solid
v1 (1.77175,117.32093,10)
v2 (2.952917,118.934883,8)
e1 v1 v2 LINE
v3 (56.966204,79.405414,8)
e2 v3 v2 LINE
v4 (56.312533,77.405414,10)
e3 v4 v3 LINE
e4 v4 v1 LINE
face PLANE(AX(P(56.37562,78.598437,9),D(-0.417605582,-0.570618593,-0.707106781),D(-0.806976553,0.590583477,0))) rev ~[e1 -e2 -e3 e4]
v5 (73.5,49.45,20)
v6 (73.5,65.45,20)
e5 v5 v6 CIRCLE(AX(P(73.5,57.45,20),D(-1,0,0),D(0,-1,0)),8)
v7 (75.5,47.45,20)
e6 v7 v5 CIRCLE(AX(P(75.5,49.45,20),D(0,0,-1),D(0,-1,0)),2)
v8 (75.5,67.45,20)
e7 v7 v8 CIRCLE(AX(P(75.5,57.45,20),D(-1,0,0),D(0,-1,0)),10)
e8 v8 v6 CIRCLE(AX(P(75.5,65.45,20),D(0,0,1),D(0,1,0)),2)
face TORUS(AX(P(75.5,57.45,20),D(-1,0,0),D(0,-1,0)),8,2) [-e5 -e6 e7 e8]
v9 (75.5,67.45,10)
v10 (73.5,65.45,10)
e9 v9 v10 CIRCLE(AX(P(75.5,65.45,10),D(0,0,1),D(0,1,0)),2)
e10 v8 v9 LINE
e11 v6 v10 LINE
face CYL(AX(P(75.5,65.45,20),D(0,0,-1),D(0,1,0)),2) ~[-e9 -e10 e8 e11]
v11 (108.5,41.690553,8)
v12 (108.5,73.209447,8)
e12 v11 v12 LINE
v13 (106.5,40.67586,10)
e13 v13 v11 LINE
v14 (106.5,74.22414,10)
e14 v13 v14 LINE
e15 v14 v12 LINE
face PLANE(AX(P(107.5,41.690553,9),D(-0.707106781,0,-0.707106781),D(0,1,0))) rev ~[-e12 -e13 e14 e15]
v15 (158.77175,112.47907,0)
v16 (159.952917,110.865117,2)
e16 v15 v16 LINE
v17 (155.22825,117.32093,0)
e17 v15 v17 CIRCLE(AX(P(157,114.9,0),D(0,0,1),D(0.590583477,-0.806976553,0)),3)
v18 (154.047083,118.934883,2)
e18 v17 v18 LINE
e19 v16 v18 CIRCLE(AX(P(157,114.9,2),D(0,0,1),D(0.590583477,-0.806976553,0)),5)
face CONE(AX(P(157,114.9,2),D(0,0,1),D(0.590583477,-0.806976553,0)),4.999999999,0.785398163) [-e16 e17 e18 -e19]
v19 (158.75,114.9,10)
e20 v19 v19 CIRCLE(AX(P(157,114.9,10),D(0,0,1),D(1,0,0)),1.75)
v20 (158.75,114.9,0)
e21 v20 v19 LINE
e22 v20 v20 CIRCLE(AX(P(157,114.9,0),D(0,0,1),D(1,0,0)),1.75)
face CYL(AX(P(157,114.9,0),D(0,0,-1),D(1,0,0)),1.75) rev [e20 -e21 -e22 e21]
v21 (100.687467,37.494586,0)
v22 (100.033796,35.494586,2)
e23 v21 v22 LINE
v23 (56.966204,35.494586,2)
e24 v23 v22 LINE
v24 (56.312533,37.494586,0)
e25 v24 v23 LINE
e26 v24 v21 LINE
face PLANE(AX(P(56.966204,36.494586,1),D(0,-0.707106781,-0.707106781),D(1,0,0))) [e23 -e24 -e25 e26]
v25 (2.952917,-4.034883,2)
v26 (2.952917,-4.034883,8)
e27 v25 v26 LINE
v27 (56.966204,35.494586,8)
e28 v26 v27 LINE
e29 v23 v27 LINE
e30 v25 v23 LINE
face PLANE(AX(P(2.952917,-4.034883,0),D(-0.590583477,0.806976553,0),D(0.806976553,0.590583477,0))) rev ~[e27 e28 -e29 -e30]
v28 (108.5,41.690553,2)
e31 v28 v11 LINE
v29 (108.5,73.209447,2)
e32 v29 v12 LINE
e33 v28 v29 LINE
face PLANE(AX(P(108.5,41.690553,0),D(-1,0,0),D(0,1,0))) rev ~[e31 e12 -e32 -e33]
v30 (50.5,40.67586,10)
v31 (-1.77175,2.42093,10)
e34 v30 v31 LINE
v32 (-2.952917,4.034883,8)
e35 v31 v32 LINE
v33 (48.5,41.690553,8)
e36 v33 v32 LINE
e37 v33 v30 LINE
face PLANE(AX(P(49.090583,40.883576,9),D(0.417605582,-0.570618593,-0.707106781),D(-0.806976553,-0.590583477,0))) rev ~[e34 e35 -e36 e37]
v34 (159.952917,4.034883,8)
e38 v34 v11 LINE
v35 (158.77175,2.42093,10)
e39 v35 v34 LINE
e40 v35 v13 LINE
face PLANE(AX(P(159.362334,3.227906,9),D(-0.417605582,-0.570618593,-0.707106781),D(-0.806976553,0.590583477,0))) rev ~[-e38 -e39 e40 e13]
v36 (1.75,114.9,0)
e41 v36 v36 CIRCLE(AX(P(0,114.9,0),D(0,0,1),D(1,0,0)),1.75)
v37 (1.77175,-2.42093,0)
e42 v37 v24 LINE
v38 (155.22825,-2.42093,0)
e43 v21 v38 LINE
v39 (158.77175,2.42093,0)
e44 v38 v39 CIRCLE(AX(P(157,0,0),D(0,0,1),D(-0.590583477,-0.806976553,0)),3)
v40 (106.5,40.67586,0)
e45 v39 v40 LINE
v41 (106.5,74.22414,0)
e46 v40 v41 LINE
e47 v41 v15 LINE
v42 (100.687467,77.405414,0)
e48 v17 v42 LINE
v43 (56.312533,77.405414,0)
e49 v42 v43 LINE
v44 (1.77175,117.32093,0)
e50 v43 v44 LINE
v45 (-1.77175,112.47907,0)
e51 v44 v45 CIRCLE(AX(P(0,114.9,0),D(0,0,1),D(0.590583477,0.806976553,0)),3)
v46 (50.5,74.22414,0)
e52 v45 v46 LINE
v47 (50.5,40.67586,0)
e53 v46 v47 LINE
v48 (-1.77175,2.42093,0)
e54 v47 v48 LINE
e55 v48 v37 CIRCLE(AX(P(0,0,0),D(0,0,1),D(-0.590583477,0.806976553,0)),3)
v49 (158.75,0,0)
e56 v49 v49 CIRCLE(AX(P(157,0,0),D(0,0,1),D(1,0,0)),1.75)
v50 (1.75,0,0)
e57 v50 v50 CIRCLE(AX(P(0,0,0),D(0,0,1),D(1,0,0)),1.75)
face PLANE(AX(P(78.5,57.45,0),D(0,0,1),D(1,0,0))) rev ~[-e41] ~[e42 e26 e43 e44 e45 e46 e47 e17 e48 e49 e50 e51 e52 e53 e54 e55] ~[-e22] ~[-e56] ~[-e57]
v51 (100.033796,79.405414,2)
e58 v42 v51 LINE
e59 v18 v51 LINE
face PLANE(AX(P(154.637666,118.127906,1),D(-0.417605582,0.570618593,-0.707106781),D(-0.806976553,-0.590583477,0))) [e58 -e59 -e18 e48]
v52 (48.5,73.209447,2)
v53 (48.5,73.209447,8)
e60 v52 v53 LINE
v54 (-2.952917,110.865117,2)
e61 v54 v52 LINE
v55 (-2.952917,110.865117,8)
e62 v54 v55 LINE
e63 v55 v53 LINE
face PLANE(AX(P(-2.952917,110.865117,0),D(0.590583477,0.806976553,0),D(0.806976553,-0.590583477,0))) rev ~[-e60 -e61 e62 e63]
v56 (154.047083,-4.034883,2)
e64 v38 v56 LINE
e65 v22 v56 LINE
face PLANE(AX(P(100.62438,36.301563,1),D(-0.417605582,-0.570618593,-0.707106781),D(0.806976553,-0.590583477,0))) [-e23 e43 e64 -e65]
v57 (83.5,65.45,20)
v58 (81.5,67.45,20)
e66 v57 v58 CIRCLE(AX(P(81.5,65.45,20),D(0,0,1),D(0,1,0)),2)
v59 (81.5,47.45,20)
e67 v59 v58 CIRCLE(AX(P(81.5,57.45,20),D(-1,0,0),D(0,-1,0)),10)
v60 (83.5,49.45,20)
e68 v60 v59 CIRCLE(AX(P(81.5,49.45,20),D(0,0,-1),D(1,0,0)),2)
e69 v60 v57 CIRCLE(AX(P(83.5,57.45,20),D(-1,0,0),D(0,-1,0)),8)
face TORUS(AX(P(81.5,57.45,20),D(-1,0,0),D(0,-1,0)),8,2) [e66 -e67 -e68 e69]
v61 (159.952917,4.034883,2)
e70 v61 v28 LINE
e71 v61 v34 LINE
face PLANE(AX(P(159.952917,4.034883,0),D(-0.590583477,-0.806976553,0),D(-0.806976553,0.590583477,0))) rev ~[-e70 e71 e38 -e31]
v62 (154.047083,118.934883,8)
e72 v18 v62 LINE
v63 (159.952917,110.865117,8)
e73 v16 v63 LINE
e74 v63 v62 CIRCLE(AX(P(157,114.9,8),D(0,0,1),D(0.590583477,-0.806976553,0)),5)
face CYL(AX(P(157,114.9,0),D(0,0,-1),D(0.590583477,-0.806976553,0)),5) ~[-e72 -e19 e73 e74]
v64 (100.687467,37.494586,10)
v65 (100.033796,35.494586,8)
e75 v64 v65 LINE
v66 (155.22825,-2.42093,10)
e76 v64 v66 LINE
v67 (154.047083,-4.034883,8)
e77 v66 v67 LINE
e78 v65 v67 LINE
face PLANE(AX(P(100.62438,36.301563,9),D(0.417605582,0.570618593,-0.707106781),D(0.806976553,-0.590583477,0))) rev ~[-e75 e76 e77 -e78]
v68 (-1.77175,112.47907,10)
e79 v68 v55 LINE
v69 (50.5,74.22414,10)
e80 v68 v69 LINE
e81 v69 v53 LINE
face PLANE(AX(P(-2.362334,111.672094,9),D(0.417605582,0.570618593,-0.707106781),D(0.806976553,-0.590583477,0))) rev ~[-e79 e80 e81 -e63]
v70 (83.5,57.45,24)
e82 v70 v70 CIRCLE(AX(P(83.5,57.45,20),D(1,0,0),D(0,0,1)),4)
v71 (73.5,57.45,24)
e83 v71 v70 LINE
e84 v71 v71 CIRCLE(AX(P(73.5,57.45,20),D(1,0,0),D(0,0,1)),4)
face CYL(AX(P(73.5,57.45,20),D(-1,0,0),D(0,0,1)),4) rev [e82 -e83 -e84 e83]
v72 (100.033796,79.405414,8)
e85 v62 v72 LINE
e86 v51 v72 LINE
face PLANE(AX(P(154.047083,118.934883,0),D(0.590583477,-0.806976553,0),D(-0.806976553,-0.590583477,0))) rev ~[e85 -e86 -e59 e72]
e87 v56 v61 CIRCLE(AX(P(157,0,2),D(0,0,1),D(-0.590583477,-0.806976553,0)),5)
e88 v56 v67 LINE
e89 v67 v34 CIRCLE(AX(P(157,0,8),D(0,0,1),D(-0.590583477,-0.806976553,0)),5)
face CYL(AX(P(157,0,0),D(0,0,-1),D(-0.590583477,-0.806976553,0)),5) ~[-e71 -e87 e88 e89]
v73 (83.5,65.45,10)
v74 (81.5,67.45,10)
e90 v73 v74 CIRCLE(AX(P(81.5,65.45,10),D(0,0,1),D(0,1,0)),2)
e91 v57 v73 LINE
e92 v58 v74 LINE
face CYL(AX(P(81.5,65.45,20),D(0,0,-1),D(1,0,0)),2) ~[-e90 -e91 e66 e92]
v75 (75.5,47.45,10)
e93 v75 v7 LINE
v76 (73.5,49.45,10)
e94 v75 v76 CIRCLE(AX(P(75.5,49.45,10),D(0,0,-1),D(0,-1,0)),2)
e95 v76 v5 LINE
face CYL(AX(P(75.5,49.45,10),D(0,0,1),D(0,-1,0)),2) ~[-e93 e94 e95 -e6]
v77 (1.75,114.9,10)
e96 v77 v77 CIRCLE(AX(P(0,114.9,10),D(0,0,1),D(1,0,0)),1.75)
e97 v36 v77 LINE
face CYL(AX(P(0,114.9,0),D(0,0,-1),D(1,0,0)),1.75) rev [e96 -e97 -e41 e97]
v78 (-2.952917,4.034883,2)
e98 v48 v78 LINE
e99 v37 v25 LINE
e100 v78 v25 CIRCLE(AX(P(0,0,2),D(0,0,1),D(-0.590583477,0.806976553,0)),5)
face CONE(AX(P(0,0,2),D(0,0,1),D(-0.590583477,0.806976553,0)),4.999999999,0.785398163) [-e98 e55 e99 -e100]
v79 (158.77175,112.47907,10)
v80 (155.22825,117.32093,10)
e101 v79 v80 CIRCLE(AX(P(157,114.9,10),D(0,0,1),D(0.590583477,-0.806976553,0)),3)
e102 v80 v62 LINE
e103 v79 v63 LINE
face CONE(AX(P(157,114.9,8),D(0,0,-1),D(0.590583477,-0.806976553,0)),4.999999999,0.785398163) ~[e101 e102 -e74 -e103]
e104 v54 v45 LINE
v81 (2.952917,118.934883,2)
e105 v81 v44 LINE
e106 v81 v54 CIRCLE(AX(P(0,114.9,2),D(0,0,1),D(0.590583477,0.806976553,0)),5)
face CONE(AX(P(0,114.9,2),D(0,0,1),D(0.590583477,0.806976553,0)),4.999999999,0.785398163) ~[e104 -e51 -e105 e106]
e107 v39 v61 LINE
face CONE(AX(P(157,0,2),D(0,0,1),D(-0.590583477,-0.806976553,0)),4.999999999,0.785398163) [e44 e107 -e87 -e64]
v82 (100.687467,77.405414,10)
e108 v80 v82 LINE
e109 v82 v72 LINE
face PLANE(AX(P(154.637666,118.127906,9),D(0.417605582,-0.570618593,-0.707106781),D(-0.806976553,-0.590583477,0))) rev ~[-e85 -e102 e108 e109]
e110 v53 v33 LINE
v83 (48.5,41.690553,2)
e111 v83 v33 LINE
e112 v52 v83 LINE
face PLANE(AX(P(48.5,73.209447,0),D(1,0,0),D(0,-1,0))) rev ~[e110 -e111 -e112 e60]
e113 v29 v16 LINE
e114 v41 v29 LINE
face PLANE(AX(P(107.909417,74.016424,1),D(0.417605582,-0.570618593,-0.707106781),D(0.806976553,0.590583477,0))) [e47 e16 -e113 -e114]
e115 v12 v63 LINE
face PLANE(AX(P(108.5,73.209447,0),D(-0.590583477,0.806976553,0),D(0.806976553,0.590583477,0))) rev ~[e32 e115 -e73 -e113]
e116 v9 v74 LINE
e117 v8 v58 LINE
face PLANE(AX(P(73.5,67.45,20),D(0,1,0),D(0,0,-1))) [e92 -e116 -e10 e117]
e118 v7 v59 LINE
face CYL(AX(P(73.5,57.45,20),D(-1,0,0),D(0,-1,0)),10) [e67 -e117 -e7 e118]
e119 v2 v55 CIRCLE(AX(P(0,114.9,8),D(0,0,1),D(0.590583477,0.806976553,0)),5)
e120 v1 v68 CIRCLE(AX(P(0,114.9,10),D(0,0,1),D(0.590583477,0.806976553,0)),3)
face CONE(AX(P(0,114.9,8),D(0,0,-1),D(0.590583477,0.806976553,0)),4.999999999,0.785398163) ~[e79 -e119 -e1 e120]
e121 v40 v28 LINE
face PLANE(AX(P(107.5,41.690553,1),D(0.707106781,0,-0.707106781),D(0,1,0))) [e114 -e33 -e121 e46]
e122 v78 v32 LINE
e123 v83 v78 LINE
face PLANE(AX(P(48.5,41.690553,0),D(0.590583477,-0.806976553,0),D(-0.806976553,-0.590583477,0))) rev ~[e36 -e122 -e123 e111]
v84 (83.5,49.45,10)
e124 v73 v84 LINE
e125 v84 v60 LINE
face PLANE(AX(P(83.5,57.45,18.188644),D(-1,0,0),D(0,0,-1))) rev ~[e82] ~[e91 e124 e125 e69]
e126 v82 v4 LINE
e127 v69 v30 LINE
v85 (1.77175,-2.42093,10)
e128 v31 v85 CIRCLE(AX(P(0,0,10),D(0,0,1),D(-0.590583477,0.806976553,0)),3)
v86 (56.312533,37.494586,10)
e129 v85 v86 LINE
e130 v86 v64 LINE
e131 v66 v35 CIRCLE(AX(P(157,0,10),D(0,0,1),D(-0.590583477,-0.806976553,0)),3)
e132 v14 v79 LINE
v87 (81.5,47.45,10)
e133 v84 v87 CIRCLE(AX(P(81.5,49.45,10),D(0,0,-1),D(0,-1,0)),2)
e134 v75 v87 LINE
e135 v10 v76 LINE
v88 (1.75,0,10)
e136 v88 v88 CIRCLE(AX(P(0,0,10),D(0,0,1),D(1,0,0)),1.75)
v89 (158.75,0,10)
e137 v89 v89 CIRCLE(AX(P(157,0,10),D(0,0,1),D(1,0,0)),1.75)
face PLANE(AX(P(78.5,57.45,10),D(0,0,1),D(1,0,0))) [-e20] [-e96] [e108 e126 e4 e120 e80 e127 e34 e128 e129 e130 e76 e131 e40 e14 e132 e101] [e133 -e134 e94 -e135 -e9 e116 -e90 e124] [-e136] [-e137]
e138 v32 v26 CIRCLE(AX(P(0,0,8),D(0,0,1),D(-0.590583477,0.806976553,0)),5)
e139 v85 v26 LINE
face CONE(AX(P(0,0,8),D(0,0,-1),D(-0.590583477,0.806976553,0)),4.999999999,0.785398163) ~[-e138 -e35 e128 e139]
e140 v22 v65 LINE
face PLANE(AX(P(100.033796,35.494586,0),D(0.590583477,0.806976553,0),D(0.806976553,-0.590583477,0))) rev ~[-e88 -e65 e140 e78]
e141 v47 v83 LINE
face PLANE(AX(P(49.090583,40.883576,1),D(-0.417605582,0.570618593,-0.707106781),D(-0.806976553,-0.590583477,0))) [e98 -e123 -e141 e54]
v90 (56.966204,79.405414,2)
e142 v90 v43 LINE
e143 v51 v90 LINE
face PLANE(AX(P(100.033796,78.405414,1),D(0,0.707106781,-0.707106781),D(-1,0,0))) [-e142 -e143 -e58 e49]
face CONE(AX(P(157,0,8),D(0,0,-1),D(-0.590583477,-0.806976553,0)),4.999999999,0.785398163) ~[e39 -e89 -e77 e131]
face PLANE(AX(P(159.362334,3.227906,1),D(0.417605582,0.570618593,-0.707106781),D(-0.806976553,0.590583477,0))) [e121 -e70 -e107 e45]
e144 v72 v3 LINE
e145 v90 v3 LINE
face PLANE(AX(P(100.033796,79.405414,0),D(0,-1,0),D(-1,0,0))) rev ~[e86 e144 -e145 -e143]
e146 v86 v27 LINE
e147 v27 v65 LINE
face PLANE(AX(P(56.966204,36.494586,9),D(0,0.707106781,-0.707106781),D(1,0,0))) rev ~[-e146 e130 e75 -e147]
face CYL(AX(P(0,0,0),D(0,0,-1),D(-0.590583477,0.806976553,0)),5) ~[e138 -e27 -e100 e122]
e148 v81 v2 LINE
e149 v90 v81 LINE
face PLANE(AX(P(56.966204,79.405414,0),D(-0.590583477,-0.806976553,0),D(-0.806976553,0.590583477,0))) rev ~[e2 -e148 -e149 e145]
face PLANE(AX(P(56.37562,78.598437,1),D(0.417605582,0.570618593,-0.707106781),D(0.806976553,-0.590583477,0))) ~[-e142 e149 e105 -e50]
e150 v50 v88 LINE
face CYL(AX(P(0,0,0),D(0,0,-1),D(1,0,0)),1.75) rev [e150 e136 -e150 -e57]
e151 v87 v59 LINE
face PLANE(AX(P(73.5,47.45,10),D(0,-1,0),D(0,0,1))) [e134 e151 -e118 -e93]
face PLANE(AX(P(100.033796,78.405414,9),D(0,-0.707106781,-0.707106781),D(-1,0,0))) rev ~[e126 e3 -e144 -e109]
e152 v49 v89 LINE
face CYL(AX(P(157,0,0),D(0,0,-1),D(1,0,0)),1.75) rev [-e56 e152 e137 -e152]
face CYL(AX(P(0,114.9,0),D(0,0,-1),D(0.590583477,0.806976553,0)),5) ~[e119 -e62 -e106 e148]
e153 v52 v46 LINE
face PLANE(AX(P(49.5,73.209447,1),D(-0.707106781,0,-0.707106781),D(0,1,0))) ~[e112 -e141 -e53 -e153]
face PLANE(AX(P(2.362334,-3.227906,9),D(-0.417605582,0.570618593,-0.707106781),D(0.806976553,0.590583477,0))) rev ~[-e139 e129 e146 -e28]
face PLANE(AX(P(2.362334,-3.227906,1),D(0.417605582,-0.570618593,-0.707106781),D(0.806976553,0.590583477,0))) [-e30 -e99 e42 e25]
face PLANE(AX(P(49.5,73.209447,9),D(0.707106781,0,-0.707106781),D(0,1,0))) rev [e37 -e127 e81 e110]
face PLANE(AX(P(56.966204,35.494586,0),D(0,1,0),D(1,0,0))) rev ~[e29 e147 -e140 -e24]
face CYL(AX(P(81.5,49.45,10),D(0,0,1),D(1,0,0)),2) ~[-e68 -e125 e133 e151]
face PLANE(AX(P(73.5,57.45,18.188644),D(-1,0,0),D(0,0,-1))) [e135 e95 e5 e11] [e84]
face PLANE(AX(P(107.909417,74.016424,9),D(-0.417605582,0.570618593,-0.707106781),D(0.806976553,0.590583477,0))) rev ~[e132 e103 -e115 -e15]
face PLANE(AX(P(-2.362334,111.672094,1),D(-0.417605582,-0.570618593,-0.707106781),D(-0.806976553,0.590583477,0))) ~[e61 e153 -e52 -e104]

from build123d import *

# Parameters (mm, degrees)
ESQUISSE1_R        = 1.75
BOSS_EXTRU_1_DEPTH = 10
BOSS_EXTRU_2_START = 25
ESQUISSE2_R        = 4
BOSS_EXTRU_2_DEPTH = 10
CHANFREIN1_SIZE    = 2
CONG_1_R           = 2


with BuildPart() as part:
    # Esquisse1 → Boss.-Extru.1 (new body)
    with BuildSketch(Plane.XY):
        with BuildLine():
            Line((-2.952917385, 110.865117237), (48.5, 73.209447125))
            Line((48.5, 73.209447125), (48.5, 41.690552875))
            Line((48.5, 41.690552875), (-2.952917385, 4.034882763))
            ThreePointArc((-2.952917385, 4.034882763), (-4.034882763, -2.952917385), (2.952917385, -4.034882763))
            Line((2.952917385, -4.034882763), (56.966203668, 35.494585987))
            Line((56.966203668, 35.494585987), (100.033796332, 35.494585987))
            Line((100.033796332, 35.494585987), (154.047082615, -4.034882763))
            ThreePointArc((154.047082615, -4.034882763), (161.034882763, -2.952917385), (159.952917385, 4.034882763))
            Line((159.952917385, 4.034882763), (108.5, 41.690552875))
            Line((108.5, 41.690552875), (108.5, 73.209447125))
            Line((108.5, 73.209447125), (159.952917385, 110.865117237))
            ThreePointArc((159.952917385, 110.865117237), (161.034882763, 117.852917385), (154.047082615, 118.934882763))
            Line((154.047082615, 118.934882763), (100.033796332, 79.405414013))
            Line((100.033796332, 79.405414013), (56.966203668, 79.405414013))
            Line((56.966203668, 79.405414013), (2.952917385, 118.934882763))
            ThreePointArc((2.952917385, 118.934882763), (-4.034882763, 117.852917385), (-2.952917385, 110.865117237))
        make_face()
        Circle(ESQUISSE1_R, mode=Mode.SUBTRACT)
        with Locations((0, 114.9)):
            Circle(ESQUISSE1_R, mode=Mode.SUBTRACT)
        with Locations((157, 0)):
            Circle(ESQUISSE1_R, mode=Mode.SUBTRACT)
        with Locations((157, 114.9)):
            Circle(ESQUISSE1_R, mode=Mode.SUBTRACT)
    extrude(amount=BOSS_EXTRU_1_DEPTH)

    # Esquisse2 → Boss.-Extru.2 (add)
    with BuildSketch(Plane(origin=(48.5, 158.810828025, 0), x_dir=(0, 0, 1), z_dir=(1, 0, 0)).offset(BOSS_EXTRU_2_START)):
        with BuildLine():
            Line((10, 111.360828025), (20, 111.360828025))
            ThreePointArc((20, 111.360828025), (30, 101.360828025), (20, 91.360828025))
            Line((20, 91.360828025), (10, 91.360828025))
            Line((10, 91.360828025), (10, 111.360828025))
        make_face()
        with Locations((20, 101.360828025)):
            Circle(ESQUISSE2_R, mode=Mode.SUBTRACT)
    extrude(amount=BOSS_EXTRU_2_DEPTH)

    # Chanfrein1
    chanfrein1_edges = [part.edges().sort_by_distance(p)[0] for p in [
        (134.226458693, 92.037282181, 10),
        (161.034882763, -2.952917385, 0),
        (127.040439473, 15.729851612, 0),
        (78.5, 35.494585987, 0),
        (161.034882763, 117.852917385, 10),
        (29.959560527, 15.729851612, 0),
        (-4.034882763, -2.952917385, 0),
        (22.773541307, 22.862717819, 0),
        (48.5, 57.45, 0),
        (22.773541307, 92.037282181, 0),
        (-4.034882763, 117.852917385, 0),
        (29.959560527, 99.170148388, 0),
        (78.5, 79.405414013, 0),
        (127.040439473, 99.170148388, 0),
        (161.034882763, 117.852917385, 0),
        (127.040439473, 99.170148388, 10),
        (134.226458693, 92.037282181, 0),
        (108.5, 57.45, 0),
        (134.226458693, 22.862717819, 0),
        (78.5, 79.405414013, 10),
        (29.959560527, 99.170148388, 10),
        (-4.034882763, 117.852917385, 10),
        (22.773541307, 92.037282181, 10),
        (48.5, 57.45, 10),
        (22.773541307, 22.862717819, 10),
        (-4.034882763, -2.952917385, 10),
        (134.226458693, 22.862717819, 10),
        (29.959560527, 15.729851612, 10),
        (78.5, 35.494585987, 10),
        (127.040439473, 15.729851612, 10),
        (161.034882763, -2.952917385, 10),
        (108.5, 57.45, 10),
    ]]
    chamfer(chanfrein1_edges, length=CHANFREIN1_SIZE)

    # Congé1
    cong_1_edges = [part.edges().sort_by_distance(p)[0] for p in [
        (83.5, 67.45, 15),
        (83.5, 57.45, 30),
        (83.5, 47.45, 15),
        (73.5, 67.45, 15),
        (73.5, 57.45, 30),
        (73.5, 47.45, 15),
    ]]
    fillet(cong_1_edges, radius=CONG_1_R)


solid = part.part
